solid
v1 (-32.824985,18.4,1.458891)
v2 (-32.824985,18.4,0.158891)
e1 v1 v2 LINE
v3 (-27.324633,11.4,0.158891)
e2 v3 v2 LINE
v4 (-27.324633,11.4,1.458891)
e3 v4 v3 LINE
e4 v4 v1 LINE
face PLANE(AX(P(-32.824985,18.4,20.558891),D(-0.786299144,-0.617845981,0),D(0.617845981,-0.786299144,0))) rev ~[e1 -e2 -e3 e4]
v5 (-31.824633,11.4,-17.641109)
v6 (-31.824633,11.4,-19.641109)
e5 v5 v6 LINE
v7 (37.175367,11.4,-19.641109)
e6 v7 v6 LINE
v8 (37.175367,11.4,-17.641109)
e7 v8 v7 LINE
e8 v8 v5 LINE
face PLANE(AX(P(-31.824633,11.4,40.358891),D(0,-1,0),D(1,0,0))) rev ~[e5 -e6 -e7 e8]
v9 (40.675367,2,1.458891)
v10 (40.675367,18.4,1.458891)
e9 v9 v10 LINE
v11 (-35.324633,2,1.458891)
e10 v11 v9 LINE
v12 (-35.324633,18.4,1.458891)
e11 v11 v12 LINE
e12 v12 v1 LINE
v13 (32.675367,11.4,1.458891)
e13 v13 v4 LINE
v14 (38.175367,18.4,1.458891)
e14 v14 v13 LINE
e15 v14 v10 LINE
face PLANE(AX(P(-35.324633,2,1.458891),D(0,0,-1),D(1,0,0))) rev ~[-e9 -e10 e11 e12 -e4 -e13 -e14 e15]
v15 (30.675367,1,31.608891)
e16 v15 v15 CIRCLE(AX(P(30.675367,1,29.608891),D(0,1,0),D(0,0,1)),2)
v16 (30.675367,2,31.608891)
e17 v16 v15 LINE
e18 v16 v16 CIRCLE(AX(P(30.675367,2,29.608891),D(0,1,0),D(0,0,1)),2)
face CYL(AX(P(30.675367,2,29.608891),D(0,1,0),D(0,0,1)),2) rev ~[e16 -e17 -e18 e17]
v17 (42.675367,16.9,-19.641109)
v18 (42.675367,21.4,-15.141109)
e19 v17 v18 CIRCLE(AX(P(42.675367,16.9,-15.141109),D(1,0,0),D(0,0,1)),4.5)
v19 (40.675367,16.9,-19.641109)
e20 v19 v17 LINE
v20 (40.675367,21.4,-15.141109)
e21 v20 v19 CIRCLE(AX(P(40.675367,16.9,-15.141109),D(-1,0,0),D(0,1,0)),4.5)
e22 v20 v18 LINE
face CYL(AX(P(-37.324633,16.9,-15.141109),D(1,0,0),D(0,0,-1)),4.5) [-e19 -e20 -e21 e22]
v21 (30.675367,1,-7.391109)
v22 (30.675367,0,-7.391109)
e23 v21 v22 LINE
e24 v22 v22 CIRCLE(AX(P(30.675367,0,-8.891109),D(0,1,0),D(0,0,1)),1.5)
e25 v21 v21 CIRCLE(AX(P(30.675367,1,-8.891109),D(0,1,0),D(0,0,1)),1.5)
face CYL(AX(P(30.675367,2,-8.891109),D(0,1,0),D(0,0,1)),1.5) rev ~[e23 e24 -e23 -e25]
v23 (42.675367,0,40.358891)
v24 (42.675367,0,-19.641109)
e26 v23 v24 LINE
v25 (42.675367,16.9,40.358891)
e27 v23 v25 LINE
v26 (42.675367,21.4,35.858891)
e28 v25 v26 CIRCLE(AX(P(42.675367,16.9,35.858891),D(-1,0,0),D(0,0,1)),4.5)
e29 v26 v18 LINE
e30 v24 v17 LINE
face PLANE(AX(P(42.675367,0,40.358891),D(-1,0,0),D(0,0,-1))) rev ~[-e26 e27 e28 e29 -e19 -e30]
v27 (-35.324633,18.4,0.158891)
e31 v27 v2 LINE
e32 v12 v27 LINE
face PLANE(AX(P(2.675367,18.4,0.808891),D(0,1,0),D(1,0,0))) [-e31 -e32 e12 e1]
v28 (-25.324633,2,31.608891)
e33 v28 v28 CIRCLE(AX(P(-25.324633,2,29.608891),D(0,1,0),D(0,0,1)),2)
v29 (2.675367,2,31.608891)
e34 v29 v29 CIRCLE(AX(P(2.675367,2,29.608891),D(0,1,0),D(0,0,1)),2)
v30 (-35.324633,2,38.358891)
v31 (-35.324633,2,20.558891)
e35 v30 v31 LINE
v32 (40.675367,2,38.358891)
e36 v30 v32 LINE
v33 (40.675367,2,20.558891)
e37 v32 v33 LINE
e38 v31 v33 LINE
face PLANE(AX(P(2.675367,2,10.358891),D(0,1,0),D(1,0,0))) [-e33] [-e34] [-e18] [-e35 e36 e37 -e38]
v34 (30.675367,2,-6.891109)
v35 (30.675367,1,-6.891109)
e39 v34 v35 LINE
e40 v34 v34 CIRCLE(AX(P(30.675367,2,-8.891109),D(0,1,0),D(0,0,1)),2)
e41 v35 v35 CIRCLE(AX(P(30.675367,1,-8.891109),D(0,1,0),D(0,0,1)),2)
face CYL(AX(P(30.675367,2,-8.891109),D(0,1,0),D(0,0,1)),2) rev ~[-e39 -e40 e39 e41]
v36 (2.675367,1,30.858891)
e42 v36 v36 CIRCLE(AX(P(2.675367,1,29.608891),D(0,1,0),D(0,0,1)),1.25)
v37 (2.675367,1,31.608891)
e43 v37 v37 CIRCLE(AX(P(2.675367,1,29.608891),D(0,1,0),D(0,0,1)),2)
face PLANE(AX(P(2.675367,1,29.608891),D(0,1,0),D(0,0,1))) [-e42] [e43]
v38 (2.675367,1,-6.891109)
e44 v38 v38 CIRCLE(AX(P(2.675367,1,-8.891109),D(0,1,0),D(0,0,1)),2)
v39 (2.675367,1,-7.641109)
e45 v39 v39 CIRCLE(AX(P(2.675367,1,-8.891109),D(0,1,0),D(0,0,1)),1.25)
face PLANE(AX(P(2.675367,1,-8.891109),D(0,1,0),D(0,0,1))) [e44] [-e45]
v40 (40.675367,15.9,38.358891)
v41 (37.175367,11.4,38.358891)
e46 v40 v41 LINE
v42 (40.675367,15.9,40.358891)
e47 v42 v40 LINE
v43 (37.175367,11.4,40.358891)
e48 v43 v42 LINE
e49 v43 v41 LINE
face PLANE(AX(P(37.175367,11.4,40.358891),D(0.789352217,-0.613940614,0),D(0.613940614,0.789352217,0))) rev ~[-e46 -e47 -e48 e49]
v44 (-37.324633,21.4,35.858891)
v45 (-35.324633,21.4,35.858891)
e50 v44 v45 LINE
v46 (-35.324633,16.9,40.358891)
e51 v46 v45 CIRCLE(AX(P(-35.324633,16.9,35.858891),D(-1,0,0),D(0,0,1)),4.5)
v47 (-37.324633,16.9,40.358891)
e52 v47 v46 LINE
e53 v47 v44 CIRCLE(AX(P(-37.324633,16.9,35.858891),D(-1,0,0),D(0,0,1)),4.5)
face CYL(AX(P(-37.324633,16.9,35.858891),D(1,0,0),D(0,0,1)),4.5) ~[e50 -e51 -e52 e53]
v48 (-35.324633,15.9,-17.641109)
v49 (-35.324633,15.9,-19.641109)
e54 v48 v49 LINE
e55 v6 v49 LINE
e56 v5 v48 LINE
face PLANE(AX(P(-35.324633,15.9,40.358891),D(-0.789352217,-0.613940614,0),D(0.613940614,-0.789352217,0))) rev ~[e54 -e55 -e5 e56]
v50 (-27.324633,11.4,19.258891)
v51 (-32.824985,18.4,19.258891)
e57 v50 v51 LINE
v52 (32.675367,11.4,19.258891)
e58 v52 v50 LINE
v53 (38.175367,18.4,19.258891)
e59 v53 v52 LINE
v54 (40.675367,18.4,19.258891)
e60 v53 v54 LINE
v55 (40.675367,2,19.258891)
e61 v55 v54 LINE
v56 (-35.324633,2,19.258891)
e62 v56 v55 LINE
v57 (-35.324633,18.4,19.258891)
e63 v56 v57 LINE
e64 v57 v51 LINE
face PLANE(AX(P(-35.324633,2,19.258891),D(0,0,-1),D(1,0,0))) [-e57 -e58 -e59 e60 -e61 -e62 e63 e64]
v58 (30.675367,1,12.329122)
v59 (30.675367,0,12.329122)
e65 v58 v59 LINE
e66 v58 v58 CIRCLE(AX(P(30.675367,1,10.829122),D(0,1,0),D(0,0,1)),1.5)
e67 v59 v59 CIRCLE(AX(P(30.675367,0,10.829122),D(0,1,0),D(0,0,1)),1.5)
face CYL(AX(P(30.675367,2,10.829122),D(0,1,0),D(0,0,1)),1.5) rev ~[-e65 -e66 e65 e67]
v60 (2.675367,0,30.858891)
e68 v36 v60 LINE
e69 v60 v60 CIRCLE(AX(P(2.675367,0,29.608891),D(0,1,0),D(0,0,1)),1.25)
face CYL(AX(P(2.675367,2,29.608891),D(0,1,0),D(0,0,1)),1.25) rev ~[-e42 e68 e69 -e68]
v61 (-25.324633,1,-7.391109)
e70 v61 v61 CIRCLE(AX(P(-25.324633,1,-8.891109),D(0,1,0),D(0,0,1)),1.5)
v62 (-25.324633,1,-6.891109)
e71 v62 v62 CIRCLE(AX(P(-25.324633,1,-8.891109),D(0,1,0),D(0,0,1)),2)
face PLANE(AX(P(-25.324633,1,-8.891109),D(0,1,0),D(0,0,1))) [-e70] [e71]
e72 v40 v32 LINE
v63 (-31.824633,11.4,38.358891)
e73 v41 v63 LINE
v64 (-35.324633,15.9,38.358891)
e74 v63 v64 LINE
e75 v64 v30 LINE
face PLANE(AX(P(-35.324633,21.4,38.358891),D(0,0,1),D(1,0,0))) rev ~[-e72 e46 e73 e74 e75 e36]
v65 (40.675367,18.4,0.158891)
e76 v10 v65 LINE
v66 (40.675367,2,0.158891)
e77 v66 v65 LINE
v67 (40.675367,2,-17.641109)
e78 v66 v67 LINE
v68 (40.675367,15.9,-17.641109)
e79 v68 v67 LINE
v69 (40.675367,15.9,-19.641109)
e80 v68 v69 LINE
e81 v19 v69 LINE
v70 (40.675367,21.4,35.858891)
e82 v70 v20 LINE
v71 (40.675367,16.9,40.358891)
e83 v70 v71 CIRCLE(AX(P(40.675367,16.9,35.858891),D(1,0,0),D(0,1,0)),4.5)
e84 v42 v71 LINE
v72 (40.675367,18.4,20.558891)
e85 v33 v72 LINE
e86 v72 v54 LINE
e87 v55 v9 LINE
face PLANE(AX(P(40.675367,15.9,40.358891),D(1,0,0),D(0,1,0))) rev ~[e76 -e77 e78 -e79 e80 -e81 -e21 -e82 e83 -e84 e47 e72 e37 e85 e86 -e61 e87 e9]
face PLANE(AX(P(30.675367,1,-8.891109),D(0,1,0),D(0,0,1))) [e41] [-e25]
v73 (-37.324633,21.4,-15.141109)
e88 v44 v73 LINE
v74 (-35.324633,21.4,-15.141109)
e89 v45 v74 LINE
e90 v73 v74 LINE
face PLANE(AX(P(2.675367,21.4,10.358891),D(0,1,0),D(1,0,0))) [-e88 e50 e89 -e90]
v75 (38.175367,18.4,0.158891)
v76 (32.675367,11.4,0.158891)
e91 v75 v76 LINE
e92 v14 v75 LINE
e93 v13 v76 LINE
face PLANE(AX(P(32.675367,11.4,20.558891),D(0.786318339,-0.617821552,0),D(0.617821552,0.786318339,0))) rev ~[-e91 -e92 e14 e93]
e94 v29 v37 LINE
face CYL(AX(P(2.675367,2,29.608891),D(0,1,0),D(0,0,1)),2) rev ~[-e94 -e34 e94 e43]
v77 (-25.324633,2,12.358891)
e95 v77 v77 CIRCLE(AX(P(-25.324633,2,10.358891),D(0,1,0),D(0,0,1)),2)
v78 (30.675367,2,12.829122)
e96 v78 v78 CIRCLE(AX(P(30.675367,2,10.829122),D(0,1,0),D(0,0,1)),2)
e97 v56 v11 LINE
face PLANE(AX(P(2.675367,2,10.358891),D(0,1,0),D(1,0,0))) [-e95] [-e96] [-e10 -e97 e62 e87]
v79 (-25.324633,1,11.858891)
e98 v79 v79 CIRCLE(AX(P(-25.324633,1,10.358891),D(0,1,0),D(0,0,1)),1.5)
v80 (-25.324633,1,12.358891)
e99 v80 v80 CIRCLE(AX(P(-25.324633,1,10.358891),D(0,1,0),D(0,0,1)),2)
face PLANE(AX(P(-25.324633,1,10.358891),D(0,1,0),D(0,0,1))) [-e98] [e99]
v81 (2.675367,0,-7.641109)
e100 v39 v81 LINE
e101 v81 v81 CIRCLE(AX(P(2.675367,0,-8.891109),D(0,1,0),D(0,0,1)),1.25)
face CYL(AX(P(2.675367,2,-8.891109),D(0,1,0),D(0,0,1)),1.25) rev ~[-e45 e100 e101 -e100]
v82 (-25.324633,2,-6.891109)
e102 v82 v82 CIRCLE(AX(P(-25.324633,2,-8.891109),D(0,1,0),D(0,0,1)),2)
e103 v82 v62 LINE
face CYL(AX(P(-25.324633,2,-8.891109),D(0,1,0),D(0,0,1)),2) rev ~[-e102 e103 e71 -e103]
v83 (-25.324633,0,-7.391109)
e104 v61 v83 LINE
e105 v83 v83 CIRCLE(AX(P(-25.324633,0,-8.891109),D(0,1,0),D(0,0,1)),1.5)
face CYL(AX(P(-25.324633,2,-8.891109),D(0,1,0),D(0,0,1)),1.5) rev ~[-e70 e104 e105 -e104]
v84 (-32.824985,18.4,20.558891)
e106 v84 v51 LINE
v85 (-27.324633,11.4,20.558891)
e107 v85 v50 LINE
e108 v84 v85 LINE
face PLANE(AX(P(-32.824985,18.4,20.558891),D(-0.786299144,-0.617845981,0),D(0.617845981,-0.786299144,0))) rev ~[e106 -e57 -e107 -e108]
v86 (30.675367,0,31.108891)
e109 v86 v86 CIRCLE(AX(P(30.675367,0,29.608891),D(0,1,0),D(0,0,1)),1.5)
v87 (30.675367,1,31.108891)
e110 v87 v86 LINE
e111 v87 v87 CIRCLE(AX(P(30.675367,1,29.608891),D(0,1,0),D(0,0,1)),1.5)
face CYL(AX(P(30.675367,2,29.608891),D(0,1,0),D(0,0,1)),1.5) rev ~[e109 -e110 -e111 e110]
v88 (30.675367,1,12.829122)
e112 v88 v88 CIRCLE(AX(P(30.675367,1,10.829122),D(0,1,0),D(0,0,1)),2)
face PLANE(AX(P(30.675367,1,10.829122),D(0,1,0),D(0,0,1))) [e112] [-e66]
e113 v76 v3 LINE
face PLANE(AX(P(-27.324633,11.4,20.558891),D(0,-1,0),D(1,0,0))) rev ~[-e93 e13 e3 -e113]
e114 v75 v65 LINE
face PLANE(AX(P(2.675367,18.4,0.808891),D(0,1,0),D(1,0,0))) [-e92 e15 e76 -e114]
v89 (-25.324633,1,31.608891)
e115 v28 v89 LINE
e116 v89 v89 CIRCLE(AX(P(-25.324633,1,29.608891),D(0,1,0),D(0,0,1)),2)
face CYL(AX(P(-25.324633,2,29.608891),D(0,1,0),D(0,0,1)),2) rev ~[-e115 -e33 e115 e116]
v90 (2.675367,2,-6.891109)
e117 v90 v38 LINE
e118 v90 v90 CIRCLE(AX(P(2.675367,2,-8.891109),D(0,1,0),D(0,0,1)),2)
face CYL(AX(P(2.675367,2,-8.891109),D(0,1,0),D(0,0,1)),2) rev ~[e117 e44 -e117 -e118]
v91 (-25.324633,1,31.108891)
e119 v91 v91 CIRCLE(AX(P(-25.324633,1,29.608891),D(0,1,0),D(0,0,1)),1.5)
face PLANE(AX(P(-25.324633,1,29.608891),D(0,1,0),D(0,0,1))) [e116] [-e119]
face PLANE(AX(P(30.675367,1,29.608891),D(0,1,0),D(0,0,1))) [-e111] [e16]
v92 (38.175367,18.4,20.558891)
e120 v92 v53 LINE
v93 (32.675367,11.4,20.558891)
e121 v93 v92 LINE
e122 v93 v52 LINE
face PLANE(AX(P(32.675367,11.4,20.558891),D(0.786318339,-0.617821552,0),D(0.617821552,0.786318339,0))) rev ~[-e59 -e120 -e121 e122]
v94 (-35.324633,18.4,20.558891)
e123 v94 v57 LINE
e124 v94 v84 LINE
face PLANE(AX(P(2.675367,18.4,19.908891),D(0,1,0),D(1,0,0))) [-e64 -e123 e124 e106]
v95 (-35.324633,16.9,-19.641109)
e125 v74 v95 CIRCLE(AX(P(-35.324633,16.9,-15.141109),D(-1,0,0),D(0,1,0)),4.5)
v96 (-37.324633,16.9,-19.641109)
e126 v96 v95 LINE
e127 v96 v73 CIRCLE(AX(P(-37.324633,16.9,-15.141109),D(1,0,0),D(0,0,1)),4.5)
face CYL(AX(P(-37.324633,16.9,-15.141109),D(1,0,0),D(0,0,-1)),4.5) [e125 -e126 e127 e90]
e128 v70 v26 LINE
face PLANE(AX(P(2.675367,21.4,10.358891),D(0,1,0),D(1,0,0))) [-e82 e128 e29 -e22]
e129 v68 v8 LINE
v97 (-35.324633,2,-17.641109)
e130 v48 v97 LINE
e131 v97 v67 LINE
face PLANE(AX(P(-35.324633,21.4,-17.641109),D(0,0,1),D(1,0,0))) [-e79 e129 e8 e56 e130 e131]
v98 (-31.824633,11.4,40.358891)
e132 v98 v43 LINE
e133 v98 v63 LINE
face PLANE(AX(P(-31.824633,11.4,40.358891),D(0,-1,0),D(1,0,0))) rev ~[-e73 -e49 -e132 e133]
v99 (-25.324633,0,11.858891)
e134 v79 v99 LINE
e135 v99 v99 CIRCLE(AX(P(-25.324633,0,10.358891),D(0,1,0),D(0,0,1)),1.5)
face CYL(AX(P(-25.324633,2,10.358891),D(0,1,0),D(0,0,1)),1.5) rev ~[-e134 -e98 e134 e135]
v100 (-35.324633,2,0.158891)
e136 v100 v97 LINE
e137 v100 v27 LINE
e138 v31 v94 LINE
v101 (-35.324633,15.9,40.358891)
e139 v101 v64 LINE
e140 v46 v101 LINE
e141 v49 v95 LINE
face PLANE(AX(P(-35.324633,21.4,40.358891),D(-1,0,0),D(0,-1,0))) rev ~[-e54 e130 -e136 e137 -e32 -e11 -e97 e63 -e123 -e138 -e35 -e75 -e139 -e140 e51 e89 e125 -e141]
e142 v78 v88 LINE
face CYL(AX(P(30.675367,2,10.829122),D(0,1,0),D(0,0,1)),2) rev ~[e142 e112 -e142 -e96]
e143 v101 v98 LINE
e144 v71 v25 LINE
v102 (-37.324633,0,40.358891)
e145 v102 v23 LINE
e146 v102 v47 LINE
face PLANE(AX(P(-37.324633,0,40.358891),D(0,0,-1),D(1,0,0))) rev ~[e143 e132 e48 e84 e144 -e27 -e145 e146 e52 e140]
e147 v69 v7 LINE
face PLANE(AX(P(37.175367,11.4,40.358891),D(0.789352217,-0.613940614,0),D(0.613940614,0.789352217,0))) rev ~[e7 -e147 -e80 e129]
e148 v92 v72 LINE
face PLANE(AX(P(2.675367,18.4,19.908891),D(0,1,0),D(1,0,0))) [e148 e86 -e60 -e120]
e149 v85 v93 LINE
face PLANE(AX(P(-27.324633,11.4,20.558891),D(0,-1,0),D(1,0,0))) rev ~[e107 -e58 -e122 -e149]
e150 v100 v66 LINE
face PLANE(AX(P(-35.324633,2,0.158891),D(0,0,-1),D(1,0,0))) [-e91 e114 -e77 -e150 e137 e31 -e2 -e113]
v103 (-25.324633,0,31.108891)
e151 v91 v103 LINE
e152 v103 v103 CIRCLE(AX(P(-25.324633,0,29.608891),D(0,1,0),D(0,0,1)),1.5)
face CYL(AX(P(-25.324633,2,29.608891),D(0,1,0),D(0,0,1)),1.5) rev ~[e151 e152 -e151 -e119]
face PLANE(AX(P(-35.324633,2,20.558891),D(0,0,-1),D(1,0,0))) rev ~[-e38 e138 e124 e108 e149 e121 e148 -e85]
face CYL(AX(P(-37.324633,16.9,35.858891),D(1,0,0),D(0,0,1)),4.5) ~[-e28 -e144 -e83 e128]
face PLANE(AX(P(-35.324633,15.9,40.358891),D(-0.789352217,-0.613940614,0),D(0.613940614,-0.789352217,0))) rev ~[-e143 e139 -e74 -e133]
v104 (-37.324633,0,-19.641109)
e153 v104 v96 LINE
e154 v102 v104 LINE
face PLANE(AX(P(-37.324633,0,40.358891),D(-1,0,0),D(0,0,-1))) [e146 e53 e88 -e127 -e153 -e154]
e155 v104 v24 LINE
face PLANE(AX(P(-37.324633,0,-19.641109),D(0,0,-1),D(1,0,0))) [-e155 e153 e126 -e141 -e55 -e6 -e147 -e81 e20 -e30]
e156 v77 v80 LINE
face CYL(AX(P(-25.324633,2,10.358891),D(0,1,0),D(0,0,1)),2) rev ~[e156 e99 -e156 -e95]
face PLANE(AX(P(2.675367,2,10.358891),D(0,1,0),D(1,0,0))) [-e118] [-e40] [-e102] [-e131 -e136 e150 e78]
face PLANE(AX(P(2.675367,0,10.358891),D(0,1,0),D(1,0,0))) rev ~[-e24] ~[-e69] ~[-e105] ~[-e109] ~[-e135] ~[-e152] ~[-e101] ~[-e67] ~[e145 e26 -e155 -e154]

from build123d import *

# Parameters (mm, degrees)
SKETCH_1_W          = 80
SKETCH_1_H          = 60
EXTRUDE_1_DEPTH     = 21.4
FILLET_1_R          = 4.5
CUT_EXTRUDE_1_DEPTH = 77.675595548
SKETCH_3_W          = 76
SKETCH_3_H          = 56
CUT_EXTRUDE_2_DEPTH = 19.4
SKETCH_4_W          = 76
SKETCH_4_H          = 1.3
EXTRUDE_2_DEPTH     = 16.4
CUT_EXTRUDE_3_DEPTH = 26.4
CUT_EXTRUDE_4_REACH = 63.858
SKETCH_6_R          = 1.25
SKETCH_6_R_2        = 1.5
SKETCH_7_R          = 2
CUT_EXTRUDE_5_DEPTH = 1


with BuildPart() as part:
    # 草图1 → 凸台-拉伸1 (new body)
    with BuildSketch(Plane(origin=(0, 0, 0), x_dir=(1, 0, 0), z_dir=(0, 1, 0))):
        with Locations((2.675367047, -10.358890701)):
            Rectangle(SKETCH_1_W, SKETCH_1_H)
    extrude(amount=EXTRUDE_1_DEPTH)

    # 圆角1
    fillet_1_edges = [part.edges().sort_by_distance(p)[0] for p in [
        (2.675367047, 21.4, -19.641109299),
        (2.675367047, 21.4, 40.358890701),
    ]]
    fillet(fillet_1_edges, radius=FILLET_1_R)

    # 草图2 → 切除-拉伸1 (cut, through all)
    with BuildSketch(Plane.XY.offset(40.358890701)):
        Polygon((40.675367047, 21.4), (-35.324632953, 21.4), (-35.324632953, 15.9), (-31.824632953, 11.4), (37.175367047, 11.4), (40.675367047, 15.9), align=None)
    extrude(amount=-CUT_EXTRUDE_1_DEPTH, mode=Mode.SUBTRACT)

    # 草图3 → 切除-拉伸2 (cut)
    with BuildSketch(Plane(origin=(0, 21.4, 0), x_dir=(1, 0, 0), z_dir=(0, 1, 0))):
        with Locations((2.675367047, -10.358890701)):
            Rectangle(SKETCH_3_W, SKETCH_3_H)
    extrude(amount=-CUT_EXTRUDE_2_DEPTH, mode=Mode.SUBTRACT)

    # 草图4 → 凸台-拉伸2 (add)
    with BuildSketch(Plane(origin=(0, 2, 0), x_dir=(1, 0, 0), z_dir=(0, 1, 0))):
        with Locations((2.675367047, -0.808890701)):
            Rectangle(SKETCH_4_W, SKETCH_4_H)
        with Locations((2.675367047, -19.908890701)):
            Rectangle(SKETCH_4_W, SKETCH_4_H)
    extrude(amount=EXTRUDE_2_DEPTH)

    # 草图5 → 切除-拉伸3 (cut)
    with BuildSketch(Plane.XY.offset(20.558890701)):
        Polygon((-32.824984691, 18.4), (-27.324632953, 11.4), (32.675367047, 11.4), (38.175367047, 18.4), align=None)
    extrude(amount=-CUT_EXTRUDE_3_DEPTH, mode=Mode.SUBTRACT)

    # 草图6 → 切除-拉伸4 (cut, up to next)
    with BuildSketch(Plane(origin=(0, 2, 0), x_dir=(1, 0, 0), z_dir=(0, 1, 0)), mode=Mode.PRIVATE) as cut_extrude_4_sk1:
        with Locations(Location((2.675367047, 8.891109299, 0), (0, 0, 270))):
            Circle(SKETCH_6_R)
    cut_extrude_4_tool1 = extrude(cut_extrude_4_sk1.sketch, amount=-CUT_EXTRUDE_4_REACH, mode=Mode.PRIVATE) & part.part
    # 草图6 → 切除-拉伸4 (cut, up to next)
    with BuildSketch(Plane(origin=(0, 2, 0), x_dir=(1, 0, 0), z_dir=(0, 1, 0)), mode=Mode.PRIVATE) as cut_extrude_4_sk2:
        with Locations(Location((2.675367047, -29.608890701, 0), (0, 0, 270))):
            Circle(SKETCH_6_R)
    cut_extrude_4_tool2 = extrude(cut_extrude_4_sk2.sketch, amount=-CUT_EXTRUDE_4_REACH, mode=Mode.PRIVATE) & part.part
    # 草图6 → 切除-拉伸4 (cut, up to next)
    with BuildSketch(Plane(origin=(0, 2, 0), x_dir=(1, 0, 0), z_dir=(0, 1, 0)), mode=Mode.PRIVATE) as cut_extrude_4_sk3:
        with Locations(Location((-25.324632953, 8.891109299, 0), (0, 0, 270))):
            Circle(SKETCH_6_R_2)
    cut_extrude_4_tool3 = extrude(cut_extrude_4_sk3.sketch, amount=-CUT_EXTRUDE_4_REACH, mode=Mode.PRIVATE) & part.part
    # 草图6 → 切除-拉伸4 (cut, up to next)
    with BuildSketch(Plane(origin=(0, 2, 0), x_dir=(1, 0, 0), z_dir=(0, 1, 0)), mode=Mode.PRIVATE) as cut_extrude_4_sk4:
        with Locations(Location((30.675367047, 8.891109299, 0), (0, 0, 270))):
            Circle(SKETCH_6_R_2)
    cut_extrude_4_tool4 = extrude(cut_extrude_4_sk4.sketch, amount=-CUT_EXTRUDE_4_REACH, mode=Mode.PRIVATE) & part.part
    # 草图6 → 切除-拉伸4 (cut, up to next)
    with BuildSketch(Plane(origin=(0, 2, 0), x_dir=(1, 0, 0), z_dir=(0, 1, 0)), mode=Mode.PRIVATE) as cut_extrude_4_sk5:
        with Locations(Location((30.675367047, -10.829122265, 0), (0, 0, 270))):
            Circle(SKETCH_6_R_2)
    cut_extrude_4_tool5 = extrude(cut_extrude_4_sk5.sketch, amount=-CUT_EXTRUDE_4_REACH, mode=Mode.PRIVATE) & part.part
    # 草图6 → 切除-拉伸4 (cut, up to next)
    with BuildSketch(Plane(origin=(0, 2, 0), x_dir=(1, 0, 0), z_dir=(0, 1, 0)), mode=Mode.PRIVATE) as cut_extrude_4_sk6:
        with Locations(Location((30.675367047, -29.608890701, 0), (0, 0, 270))):
            Circle(SKETCH_6_R_2)
    cut_extrude_4_tool6 = extrude(cut_extrude_4_sk6.sketch, amount=-CUT_EXTRUDE_4_REACH, mode=Mode.PRIVATE) & part.part
    # 草图6 → 切除-拉伸4 (cut, up to next)
    with BuildSketch(Plane(origin=(0, 2, 0), x_dir=(1, 0, 0), z_dir=(0, 1, 0)), mode=Mode.PRIVATE) as cut_extrude_4_sk7:
        with Locations(Location((-25.324632953, -29.608890701, 0), (0, 0, 270))):
            Circle(SKETCH_6_R_2)
    cut_extrude_4_tool7 = extrude(cut_extrude_4_sk7.sketch, amount=-CUT_EXTRUDE_4_REACH, mode=Mode.PRIVATE) & part.part
    # 草图6 → 切除-拉伸4 (cut, up to next)
    with BuildSketch(Plane(origin=(0, 2, 0), x_dir=(1, 0, 0), z_dir=(0, 1, 0)), mode=Mode.PRIVATE) as cut_extrude_4_sk8:
        with Locations(Location((-25.324632953, -10.358890701, 0), (0, 0, 270))):
            Circle(SKETCH_6_R_2)
    cut_extrude_4_tool8 = extrude(cut_extrude_4_sk8.sketch, amount=-CUT_EXTRUDE_4_REACH, mode=Mode.PRIVATE) & part.part
    add(cut_extrude_4_tool1.solids().sort_by_distance((2.675367, 2, -8.891109))[0], mode=Mode.SUBTRACT)
    add(cut_extrude_4_tool2.solids().sort_by_distance((2.675367, 2, 29.608891))[0], mode=Mode.SUBTRACT)
    add(cut_extrude_4_tool3.solids().sort_by_distance((-25.324633, 2, -8.891109))[0], mode=Mode.SUBTRACT)
    add(cut_extrude_4_tool4.solids().sort_by_distance((30.675367, 2, -8.891109))[0], mode=Mode.SUBTRACT)
    add(cut_extrude_4_tool5.solids().sort_by_distance((30.675367, 2, 10.829122))[0], mode=Mode.SUBTRACT)
    add(cut_extrude_4_tool6.solids().sort_by_distance((30.675367, 2, 29.608891))[0], mode=Mode.SUBTRACT)
    add(cut_extrude_4_tool7.solids().sort_by_distance((-25.324633, 2, 29.608891))[0], mode=Mode.SUBTRACT)
    add(cut_extrude_4_tool8.solids().sort_by_distance((-25.324633, 2, 10.358891))[0], mode=Mode.SUBTRACT)

    # 草图7 → 切除-拉伸5 (cut)
    with BuildSketch(Plane(origin=(0, 2, 0), x_dir=(1, 0, 0), z_dir=(0, 1, 0))):
        with Locations(Location((-25.324632953, 8.891109299, 0), (0, 0, 270))):
            Circle(SKETCH_7_R)
        with Locations(Location((2.675367047, 8.891109299, 0), (0, 0, 270))):
            Circle(SKETCH_7_R)
        with Locations(Location((30.675367047, 8.891109299, 0), (0, 0, 270))):
            Circle(SKETCH_7_R)
        with Locations(Location((-25.324632953, -10.358890701, 0), (0, 0, 270))):
            Circle(SKETCH_7_R)
        with Locations(Location((30.675367047, -10.829122265, 0), (0, 0, 270))):
            Circle(SKETCH_7_R)
        with Locations(Location((-25.324632953, -29.608890701, 0), (0, 0, 270))):
            Circle(SKETCH_7_R)
        with Locations(Location((2.675367047, -29.608890701, 0), (0, 0, 270))):
            Circle(SKETCH_7_R)
        with Locations(Location((30.675367047, -29.608890701, 0), (0, 0, 270))):
            Circle(SKETCH_7_R)
    extrude(amount=-CUT_EXTRUDE_5_DEPTH, mode=Mode.SUBTRACT)


solid = part.part
